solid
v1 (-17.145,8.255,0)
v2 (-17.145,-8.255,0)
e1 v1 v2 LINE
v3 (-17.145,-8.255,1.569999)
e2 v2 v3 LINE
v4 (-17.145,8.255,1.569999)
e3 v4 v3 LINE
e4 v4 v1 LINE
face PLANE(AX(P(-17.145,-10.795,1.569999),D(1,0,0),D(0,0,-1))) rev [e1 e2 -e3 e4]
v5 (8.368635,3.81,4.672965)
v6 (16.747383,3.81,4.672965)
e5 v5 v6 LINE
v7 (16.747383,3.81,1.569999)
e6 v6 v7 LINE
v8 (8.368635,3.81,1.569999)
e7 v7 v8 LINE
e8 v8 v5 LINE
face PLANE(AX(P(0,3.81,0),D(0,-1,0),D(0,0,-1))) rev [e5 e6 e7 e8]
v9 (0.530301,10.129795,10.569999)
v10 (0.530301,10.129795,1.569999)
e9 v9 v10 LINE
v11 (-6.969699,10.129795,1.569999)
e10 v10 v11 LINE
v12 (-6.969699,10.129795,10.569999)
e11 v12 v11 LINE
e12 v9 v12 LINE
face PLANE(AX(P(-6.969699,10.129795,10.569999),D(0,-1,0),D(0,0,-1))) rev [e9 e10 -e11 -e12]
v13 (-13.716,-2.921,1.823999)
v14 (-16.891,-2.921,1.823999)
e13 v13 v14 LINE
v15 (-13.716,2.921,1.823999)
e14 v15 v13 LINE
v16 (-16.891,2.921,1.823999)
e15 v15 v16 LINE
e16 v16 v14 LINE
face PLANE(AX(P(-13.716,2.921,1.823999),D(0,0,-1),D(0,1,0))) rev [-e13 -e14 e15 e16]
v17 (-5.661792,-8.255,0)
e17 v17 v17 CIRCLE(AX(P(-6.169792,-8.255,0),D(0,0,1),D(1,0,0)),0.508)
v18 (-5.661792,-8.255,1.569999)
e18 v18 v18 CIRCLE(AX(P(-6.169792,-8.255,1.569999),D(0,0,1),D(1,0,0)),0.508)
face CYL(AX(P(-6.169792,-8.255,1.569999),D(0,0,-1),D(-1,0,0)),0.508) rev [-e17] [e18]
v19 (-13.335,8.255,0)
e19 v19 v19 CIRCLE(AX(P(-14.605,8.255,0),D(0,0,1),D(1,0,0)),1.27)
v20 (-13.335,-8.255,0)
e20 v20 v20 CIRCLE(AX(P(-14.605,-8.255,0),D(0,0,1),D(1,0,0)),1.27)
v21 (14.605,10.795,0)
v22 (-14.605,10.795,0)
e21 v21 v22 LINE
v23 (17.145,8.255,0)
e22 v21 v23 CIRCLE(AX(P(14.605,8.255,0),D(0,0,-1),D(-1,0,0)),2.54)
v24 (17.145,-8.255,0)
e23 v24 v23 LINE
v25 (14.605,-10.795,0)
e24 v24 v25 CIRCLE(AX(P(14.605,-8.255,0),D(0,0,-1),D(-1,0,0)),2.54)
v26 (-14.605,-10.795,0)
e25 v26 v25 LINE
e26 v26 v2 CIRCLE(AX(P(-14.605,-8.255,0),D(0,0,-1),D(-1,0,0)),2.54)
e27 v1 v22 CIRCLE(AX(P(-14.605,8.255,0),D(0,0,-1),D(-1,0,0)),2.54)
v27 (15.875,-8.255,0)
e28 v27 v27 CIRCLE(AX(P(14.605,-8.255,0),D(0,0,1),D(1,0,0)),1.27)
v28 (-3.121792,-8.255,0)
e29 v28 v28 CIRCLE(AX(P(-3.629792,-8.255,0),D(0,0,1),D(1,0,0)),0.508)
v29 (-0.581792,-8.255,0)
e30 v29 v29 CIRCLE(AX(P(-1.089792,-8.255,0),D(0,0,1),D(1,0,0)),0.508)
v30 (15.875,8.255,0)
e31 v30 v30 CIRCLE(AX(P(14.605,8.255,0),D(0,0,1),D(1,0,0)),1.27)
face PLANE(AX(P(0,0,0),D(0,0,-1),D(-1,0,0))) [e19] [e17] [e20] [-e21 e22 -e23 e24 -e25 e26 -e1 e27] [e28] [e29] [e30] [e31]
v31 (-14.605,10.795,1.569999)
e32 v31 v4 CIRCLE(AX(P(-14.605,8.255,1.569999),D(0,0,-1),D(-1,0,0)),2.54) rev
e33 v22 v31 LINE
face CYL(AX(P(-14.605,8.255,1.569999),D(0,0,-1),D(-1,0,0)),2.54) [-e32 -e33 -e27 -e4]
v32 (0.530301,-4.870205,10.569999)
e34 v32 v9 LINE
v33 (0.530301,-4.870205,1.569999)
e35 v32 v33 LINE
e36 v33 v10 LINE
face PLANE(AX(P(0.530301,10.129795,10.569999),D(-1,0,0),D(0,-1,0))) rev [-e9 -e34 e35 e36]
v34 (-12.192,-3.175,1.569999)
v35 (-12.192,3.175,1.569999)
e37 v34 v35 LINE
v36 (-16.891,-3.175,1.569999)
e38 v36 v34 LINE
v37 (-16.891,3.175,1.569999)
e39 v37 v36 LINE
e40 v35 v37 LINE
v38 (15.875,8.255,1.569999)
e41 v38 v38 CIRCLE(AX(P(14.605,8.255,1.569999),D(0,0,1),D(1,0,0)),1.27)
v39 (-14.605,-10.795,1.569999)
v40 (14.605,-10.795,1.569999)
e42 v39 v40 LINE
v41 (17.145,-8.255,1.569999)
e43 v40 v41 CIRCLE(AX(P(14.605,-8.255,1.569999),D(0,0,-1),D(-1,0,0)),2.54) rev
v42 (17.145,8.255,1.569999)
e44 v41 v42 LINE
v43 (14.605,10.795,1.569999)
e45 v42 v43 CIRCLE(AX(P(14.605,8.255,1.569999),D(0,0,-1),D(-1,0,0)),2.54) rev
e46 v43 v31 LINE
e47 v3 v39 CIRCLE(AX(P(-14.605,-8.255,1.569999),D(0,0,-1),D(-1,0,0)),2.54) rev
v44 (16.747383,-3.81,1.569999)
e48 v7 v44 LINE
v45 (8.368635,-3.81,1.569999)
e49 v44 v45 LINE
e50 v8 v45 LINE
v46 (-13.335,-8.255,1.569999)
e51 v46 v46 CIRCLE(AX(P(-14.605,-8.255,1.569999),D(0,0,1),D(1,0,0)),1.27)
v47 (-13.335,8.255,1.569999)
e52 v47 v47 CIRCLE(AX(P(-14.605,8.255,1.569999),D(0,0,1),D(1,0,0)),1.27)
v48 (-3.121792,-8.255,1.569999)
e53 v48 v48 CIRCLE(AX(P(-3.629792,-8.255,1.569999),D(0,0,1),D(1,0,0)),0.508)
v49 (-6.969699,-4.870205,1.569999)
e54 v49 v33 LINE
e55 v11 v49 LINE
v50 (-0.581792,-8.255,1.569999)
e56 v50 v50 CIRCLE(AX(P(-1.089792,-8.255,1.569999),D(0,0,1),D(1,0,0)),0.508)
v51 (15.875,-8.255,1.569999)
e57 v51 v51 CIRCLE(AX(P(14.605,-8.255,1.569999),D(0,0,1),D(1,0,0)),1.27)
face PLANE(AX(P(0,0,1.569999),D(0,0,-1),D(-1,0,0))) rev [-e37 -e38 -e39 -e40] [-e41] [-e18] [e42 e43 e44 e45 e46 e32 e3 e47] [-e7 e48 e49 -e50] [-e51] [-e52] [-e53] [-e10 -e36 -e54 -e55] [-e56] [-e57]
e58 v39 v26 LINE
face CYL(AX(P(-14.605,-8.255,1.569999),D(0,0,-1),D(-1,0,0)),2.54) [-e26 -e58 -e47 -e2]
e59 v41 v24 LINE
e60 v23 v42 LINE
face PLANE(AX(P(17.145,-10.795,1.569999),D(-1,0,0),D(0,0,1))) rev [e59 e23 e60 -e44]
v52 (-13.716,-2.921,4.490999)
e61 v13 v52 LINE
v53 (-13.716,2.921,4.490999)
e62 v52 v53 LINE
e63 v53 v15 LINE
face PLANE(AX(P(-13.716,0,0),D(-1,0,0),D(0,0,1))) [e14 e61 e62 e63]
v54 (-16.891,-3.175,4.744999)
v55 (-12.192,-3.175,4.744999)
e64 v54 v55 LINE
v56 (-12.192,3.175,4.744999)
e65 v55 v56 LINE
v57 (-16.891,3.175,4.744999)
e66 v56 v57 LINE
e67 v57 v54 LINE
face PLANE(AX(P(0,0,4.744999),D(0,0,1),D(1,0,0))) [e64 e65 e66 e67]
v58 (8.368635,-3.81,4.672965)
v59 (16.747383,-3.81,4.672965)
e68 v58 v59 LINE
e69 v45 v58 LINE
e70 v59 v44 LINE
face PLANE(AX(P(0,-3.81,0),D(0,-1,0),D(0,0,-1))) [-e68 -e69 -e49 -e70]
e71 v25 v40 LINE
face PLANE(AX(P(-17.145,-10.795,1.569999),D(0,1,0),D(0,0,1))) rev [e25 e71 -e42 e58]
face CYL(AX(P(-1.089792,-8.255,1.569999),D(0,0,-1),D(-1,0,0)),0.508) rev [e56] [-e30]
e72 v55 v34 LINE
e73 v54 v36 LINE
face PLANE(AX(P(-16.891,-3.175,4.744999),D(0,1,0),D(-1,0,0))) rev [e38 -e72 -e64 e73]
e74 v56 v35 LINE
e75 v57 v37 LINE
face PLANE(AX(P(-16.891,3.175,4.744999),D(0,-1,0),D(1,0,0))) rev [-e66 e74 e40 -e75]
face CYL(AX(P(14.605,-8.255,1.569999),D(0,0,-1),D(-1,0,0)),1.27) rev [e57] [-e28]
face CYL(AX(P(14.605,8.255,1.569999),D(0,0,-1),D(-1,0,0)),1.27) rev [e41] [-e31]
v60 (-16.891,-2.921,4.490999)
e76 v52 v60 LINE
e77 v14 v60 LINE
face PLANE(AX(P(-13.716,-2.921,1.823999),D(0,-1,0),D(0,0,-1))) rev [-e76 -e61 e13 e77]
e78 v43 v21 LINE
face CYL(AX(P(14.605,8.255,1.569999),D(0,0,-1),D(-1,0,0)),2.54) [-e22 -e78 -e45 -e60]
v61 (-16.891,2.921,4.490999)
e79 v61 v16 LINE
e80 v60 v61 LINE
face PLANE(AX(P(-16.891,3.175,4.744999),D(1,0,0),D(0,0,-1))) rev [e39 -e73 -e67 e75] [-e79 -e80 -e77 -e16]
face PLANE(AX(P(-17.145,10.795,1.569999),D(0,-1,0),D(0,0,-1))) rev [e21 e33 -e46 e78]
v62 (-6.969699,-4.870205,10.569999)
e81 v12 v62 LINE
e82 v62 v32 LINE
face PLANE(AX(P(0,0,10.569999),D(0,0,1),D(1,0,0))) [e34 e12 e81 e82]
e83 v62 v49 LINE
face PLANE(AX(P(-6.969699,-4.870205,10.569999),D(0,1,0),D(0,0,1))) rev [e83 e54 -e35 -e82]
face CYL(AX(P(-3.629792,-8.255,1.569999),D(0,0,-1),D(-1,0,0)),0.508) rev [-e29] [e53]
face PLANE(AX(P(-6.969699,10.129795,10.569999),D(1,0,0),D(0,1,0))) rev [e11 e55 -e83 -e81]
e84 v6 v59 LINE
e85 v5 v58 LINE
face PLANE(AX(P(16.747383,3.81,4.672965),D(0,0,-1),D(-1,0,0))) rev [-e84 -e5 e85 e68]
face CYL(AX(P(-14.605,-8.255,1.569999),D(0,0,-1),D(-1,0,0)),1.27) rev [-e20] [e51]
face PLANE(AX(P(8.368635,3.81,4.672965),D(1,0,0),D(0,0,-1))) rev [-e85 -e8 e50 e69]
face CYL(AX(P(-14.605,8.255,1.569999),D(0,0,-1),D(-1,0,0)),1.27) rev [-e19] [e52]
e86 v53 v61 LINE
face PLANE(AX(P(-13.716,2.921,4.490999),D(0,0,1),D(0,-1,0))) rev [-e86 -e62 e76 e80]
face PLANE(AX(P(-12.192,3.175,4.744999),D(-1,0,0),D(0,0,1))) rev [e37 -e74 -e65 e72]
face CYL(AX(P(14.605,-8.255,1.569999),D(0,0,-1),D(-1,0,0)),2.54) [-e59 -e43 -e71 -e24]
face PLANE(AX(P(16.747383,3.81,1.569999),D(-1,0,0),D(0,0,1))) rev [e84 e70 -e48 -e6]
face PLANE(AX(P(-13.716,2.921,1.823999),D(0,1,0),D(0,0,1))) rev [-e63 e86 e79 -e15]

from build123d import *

# Parameters (mm, degrees)
SKETCH1_W           = 34.29
SKETCH1_H           = 21.59
SKETCH1_R           = 1.27
SKETCH1_R_2         = 0.508
BOSS_EXTRUDE1_DEPTH = 1.5699994
FILLET1_R           = 2.54
SKETCH2_W           = 7.5
SKETCH2_H           = 15
BOSS_EXTRUDE2_DEPTH = 9
SKETCH3_W           = 4.699
SKETCH3_H           = 6.35
BOSS_EXTRUDE3_DEPTH = 3.175
SKETCH4_W           = 2.667
SKETCH4_H           = 5.842
CUT_EXTRUDE1_DEPTH  = 3.175
SKETCH6_W           = 8.378747874
SKETCH6_H           = 3.102965804
BOSS_EXTRUDE4_DEPTH = 3.81


with BuildPart() as part:
    # Sketch1 → Boss-Extrude1 (new body)
    with BuildSketch(Plane.XY):
        Rectangle(SKETCH1_W, SKETCH1_H)
        with Locations((-14.605, 8.255)):
            Circle(SKETCH1_R, mode=Mode.SUBTRACT)
        with Locations((-14.605, -8.255)):
            Circle(SKETCH1_R, mode=Mode.SUBTRACT)
        with Locations((14.605, -8.255)):
            Circle(SKETCH1_R, mode=Mode.SUBTRACT)
        with Locations((14.605, 8.255)):
            Circle(SKETCH1_R, mode=Mode.SUBTRACT)
        with Locations((-6.169791694, -8.255)):
            Circle(SKETCH1_R_2, mode=Mode.SUBTRACT)
        with Locations((-3.629791694, -8.255)):
            Circle(SKETCH1_R_2, mode=Mode.SUBTRACT)
        with Locations((-1.089791694, -8.255)):
            Circle(SKETCH1_R_2, mode=Mode.SUBTRACT)
    extrude(amount=BOSS_EXTRUDE1_DEPTH)

    # Fillet1
    fillet1_edges = [part.edges().sort_by_distance(p)[0] for p in [
        (17.145, -10.795, 0.7849997),
        (-17.145, -10.795, 0.7849997),
        (-17.145, 10.795, 0.7849997),
        (17.145, 10.795, 0.7849997),
    ]]
    fillet(fillet1_edges, radius=FILLET1_R)

    # Sketch2 → Boss-Extrude2 (add)
    with BuildSketch(Plane.XY.offset(1.5699994)):
        with Locations((-3.219698951, 2.629795429)):
            Rectangle(SKETCH2_W, SKETCH2_H)
    extrude(amount=BOSS_EXTRUDE2_DEPTH)

    # Sketch3 → Boss-Extrude3 (add)
    with BuildSketch(Plane.XY.offset(1.5699994)):
        with Locations((-14.5415, 0)):
            Rectangle(SKETCH3_W, SKETCH3_H)
    extrude(amount=BOSS_EXTRUDE3_DEPTH)

    # Sketch4 → Cut-Extrude1 (cut)
    with BuildSketch(Plane.ZY.offset(16.891)):
        with Locations((3.1574994, 0)):
            Rectangle(SKETCH4_W, SKETCH4_H)
    extrude(amount=-CUT_EXTRUDE1_DEPTH, mode=Mode.SUBTRACT)

    # Sketch6 → Boss-Extrude4 (add, symmetric)
    with BuildSketch(Plane(origin=(0, 0, 0), x_dir=(1, 0, 0), z_dir=(0, 1, 0))):
        with Locations((12.558008878, -3.121482302)):
            Rectangle(SKETCH6_W, SKETCH6_H)
    extrude(amount=BOSS_EXTRUDE4_DEPTH, both=True)


solid = part.part
